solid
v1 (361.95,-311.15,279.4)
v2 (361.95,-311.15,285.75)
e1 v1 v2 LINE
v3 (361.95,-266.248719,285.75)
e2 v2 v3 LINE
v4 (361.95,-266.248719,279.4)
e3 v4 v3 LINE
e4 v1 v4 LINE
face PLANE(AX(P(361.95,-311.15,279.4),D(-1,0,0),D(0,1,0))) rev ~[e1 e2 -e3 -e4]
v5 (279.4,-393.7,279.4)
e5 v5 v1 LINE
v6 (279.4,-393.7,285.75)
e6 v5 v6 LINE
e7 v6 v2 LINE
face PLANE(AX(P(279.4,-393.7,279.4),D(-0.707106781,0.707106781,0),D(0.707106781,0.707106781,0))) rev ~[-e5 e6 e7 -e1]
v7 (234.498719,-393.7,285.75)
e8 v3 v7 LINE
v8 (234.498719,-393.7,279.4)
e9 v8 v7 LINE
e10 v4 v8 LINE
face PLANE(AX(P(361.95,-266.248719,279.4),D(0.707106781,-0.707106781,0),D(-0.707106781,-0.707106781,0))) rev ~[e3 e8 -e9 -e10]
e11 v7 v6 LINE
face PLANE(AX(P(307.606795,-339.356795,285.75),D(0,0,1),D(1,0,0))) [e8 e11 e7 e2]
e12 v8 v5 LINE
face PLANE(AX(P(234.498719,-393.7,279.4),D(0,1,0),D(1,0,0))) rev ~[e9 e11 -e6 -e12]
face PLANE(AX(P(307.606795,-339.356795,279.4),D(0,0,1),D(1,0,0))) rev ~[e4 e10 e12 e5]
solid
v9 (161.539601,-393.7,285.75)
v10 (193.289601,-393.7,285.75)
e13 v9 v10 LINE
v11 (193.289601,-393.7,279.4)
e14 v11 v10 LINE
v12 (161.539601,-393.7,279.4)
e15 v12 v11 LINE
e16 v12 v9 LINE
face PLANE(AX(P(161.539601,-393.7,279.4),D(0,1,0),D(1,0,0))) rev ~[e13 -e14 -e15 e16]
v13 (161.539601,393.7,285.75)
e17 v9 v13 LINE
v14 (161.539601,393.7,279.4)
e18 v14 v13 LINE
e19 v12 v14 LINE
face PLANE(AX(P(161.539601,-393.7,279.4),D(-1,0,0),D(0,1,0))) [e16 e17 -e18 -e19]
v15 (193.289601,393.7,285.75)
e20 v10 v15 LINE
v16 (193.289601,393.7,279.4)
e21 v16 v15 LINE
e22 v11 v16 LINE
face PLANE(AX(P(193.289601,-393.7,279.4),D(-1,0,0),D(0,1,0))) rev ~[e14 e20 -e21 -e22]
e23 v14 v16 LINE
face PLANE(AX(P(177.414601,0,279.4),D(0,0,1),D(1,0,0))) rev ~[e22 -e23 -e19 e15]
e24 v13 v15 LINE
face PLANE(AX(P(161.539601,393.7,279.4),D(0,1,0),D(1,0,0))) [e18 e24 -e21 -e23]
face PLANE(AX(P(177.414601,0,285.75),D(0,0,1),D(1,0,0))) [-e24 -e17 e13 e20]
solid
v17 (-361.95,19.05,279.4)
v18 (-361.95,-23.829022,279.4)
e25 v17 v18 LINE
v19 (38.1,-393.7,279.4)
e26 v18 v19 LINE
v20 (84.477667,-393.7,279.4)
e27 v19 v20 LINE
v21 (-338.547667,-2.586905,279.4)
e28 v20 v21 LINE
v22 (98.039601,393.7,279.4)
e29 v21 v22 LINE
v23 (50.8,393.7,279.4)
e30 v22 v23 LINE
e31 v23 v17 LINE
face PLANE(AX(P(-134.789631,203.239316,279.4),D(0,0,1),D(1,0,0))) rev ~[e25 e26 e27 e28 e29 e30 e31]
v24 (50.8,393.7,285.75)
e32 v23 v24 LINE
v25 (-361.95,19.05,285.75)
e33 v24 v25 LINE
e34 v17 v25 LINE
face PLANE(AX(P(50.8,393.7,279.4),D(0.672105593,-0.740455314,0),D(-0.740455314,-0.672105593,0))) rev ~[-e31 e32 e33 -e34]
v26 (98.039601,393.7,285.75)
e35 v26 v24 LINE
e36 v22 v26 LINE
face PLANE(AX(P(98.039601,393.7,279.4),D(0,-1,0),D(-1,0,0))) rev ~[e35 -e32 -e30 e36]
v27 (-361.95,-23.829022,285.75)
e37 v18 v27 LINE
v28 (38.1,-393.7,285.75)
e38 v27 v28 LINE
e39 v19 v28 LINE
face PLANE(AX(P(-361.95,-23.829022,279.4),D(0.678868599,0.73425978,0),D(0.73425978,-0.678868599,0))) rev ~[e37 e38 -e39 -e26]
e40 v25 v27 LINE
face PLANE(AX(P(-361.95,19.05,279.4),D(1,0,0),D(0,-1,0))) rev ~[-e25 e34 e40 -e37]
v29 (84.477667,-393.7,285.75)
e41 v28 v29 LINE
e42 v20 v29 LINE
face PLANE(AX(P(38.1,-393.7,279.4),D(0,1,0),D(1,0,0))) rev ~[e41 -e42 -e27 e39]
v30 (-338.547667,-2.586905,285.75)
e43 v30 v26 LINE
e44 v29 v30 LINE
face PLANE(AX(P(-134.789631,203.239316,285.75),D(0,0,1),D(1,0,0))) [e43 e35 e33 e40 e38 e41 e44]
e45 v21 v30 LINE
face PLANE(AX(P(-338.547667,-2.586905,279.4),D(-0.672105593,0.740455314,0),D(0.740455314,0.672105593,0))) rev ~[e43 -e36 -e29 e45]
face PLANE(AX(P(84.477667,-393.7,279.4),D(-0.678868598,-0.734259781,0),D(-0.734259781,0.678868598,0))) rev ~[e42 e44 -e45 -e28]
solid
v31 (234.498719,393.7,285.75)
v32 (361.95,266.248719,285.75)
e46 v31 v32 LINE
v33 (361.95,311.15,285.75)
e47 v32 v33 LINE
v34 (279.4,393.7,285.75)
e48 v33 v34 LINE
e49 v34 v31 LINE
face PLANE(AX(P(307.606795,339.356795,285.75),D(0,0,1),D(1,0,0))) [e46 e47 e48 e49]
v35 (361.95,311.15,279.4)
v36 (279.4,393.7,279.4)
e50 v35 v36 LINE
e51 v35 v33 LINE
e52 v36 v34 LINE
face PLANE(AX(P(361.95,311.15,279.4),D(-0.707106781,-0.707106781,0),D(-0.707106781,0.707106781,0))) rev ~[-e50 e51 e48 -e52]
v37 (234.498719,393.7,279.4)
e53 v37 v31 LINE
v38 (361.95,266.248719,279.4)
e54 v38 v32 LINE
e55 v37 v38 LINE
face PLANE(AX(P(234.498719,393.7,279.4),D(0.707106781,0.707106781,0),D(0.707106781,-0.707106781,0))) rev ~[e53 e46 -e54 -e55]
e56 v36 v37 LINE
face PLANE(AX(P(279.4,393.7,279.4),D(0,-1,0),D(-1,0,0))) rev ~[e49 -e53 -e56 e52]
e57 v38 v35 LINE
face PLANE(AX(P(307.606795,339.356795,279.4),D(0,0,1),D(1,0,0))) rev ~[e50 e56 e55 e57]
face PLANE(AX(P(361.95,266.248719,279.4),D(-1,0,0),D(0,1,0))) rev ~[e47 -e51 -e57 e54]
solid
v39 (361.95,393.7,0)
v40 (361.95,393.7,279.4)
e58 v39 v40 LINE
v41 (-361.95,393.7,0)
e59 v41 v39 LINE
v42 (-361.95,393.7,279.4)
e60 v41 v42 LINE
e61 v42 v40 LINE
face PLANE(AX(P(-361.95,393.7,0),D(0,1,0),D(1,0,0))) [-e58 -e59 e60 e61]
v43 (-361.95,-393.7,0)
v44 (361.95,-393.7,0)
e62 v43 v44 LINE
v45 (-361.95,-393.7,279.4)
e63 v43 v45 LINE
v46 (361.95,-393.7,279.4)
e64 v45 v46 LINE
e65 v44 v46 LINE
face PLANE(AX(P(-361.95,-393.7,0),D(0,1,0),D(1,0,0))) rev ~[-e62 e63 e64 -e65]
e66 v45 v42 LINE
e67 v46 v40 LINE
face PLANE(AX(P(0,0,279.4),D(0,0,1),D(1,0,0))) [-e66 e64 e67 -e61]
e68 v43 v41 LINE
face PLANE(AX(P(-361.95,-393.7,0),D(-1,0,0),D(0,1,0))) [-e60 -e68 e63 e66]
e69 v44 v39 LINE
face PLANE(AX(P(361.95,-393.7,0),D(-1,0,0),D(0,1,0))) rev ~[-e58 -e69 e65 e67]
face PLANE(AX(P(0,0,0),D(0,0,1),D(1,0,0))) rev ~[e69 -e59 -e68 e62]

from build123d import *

# Parameters (mm, degrees)
F0_W     = 723.9
F0_H     = 787.4
F1_DEPTH = 279.4
F2_W     = 31.75
F2_H     = 787.4
F3_DEPTH = 6.35


with BuildPart() as f1:
    # F0 (on Top) → F1 (new body)
    with BuildSketch(Plane.XY):
        Rectangle(F0_W, F0_H)
    extrude(amount=F1_DEPTH)


with BuildPart() as f3:
    # F2 (on face) → F3 (new body)
    with BuildSketch(Plane.XY.offset(279.4)):
        Polygon((50.8, 393.7), (-361.95, 19.05), (-338.547667, -2.586905), (98.039601, 393.7), align=None)
        Polygon((-338.547667, -2.586905), (-361.95, 19.05), (-361.95, -23.829022), align=None)
        Polygon((84.477667, -393.7), (-338.547667, -2.586905), (-361.95, -23.829022), (38.1, -393.7), align=None)
        with Locations((177.414601, 0)):
            Rectangle(F2_W, F2_H)
        Polygon((361.95, 311.15), (279.4, 393.7), (234.498719, 393.7), (361.95, 266.248719), align=None)
        Polygon((361.95, -266.248719), (234.498719, -393.7), (279.4, -393.7), (361.95, -311.15), align=None)
    extrude(amount=F3_DEPTH)


solid = Compound([f1.part, f3.part])
